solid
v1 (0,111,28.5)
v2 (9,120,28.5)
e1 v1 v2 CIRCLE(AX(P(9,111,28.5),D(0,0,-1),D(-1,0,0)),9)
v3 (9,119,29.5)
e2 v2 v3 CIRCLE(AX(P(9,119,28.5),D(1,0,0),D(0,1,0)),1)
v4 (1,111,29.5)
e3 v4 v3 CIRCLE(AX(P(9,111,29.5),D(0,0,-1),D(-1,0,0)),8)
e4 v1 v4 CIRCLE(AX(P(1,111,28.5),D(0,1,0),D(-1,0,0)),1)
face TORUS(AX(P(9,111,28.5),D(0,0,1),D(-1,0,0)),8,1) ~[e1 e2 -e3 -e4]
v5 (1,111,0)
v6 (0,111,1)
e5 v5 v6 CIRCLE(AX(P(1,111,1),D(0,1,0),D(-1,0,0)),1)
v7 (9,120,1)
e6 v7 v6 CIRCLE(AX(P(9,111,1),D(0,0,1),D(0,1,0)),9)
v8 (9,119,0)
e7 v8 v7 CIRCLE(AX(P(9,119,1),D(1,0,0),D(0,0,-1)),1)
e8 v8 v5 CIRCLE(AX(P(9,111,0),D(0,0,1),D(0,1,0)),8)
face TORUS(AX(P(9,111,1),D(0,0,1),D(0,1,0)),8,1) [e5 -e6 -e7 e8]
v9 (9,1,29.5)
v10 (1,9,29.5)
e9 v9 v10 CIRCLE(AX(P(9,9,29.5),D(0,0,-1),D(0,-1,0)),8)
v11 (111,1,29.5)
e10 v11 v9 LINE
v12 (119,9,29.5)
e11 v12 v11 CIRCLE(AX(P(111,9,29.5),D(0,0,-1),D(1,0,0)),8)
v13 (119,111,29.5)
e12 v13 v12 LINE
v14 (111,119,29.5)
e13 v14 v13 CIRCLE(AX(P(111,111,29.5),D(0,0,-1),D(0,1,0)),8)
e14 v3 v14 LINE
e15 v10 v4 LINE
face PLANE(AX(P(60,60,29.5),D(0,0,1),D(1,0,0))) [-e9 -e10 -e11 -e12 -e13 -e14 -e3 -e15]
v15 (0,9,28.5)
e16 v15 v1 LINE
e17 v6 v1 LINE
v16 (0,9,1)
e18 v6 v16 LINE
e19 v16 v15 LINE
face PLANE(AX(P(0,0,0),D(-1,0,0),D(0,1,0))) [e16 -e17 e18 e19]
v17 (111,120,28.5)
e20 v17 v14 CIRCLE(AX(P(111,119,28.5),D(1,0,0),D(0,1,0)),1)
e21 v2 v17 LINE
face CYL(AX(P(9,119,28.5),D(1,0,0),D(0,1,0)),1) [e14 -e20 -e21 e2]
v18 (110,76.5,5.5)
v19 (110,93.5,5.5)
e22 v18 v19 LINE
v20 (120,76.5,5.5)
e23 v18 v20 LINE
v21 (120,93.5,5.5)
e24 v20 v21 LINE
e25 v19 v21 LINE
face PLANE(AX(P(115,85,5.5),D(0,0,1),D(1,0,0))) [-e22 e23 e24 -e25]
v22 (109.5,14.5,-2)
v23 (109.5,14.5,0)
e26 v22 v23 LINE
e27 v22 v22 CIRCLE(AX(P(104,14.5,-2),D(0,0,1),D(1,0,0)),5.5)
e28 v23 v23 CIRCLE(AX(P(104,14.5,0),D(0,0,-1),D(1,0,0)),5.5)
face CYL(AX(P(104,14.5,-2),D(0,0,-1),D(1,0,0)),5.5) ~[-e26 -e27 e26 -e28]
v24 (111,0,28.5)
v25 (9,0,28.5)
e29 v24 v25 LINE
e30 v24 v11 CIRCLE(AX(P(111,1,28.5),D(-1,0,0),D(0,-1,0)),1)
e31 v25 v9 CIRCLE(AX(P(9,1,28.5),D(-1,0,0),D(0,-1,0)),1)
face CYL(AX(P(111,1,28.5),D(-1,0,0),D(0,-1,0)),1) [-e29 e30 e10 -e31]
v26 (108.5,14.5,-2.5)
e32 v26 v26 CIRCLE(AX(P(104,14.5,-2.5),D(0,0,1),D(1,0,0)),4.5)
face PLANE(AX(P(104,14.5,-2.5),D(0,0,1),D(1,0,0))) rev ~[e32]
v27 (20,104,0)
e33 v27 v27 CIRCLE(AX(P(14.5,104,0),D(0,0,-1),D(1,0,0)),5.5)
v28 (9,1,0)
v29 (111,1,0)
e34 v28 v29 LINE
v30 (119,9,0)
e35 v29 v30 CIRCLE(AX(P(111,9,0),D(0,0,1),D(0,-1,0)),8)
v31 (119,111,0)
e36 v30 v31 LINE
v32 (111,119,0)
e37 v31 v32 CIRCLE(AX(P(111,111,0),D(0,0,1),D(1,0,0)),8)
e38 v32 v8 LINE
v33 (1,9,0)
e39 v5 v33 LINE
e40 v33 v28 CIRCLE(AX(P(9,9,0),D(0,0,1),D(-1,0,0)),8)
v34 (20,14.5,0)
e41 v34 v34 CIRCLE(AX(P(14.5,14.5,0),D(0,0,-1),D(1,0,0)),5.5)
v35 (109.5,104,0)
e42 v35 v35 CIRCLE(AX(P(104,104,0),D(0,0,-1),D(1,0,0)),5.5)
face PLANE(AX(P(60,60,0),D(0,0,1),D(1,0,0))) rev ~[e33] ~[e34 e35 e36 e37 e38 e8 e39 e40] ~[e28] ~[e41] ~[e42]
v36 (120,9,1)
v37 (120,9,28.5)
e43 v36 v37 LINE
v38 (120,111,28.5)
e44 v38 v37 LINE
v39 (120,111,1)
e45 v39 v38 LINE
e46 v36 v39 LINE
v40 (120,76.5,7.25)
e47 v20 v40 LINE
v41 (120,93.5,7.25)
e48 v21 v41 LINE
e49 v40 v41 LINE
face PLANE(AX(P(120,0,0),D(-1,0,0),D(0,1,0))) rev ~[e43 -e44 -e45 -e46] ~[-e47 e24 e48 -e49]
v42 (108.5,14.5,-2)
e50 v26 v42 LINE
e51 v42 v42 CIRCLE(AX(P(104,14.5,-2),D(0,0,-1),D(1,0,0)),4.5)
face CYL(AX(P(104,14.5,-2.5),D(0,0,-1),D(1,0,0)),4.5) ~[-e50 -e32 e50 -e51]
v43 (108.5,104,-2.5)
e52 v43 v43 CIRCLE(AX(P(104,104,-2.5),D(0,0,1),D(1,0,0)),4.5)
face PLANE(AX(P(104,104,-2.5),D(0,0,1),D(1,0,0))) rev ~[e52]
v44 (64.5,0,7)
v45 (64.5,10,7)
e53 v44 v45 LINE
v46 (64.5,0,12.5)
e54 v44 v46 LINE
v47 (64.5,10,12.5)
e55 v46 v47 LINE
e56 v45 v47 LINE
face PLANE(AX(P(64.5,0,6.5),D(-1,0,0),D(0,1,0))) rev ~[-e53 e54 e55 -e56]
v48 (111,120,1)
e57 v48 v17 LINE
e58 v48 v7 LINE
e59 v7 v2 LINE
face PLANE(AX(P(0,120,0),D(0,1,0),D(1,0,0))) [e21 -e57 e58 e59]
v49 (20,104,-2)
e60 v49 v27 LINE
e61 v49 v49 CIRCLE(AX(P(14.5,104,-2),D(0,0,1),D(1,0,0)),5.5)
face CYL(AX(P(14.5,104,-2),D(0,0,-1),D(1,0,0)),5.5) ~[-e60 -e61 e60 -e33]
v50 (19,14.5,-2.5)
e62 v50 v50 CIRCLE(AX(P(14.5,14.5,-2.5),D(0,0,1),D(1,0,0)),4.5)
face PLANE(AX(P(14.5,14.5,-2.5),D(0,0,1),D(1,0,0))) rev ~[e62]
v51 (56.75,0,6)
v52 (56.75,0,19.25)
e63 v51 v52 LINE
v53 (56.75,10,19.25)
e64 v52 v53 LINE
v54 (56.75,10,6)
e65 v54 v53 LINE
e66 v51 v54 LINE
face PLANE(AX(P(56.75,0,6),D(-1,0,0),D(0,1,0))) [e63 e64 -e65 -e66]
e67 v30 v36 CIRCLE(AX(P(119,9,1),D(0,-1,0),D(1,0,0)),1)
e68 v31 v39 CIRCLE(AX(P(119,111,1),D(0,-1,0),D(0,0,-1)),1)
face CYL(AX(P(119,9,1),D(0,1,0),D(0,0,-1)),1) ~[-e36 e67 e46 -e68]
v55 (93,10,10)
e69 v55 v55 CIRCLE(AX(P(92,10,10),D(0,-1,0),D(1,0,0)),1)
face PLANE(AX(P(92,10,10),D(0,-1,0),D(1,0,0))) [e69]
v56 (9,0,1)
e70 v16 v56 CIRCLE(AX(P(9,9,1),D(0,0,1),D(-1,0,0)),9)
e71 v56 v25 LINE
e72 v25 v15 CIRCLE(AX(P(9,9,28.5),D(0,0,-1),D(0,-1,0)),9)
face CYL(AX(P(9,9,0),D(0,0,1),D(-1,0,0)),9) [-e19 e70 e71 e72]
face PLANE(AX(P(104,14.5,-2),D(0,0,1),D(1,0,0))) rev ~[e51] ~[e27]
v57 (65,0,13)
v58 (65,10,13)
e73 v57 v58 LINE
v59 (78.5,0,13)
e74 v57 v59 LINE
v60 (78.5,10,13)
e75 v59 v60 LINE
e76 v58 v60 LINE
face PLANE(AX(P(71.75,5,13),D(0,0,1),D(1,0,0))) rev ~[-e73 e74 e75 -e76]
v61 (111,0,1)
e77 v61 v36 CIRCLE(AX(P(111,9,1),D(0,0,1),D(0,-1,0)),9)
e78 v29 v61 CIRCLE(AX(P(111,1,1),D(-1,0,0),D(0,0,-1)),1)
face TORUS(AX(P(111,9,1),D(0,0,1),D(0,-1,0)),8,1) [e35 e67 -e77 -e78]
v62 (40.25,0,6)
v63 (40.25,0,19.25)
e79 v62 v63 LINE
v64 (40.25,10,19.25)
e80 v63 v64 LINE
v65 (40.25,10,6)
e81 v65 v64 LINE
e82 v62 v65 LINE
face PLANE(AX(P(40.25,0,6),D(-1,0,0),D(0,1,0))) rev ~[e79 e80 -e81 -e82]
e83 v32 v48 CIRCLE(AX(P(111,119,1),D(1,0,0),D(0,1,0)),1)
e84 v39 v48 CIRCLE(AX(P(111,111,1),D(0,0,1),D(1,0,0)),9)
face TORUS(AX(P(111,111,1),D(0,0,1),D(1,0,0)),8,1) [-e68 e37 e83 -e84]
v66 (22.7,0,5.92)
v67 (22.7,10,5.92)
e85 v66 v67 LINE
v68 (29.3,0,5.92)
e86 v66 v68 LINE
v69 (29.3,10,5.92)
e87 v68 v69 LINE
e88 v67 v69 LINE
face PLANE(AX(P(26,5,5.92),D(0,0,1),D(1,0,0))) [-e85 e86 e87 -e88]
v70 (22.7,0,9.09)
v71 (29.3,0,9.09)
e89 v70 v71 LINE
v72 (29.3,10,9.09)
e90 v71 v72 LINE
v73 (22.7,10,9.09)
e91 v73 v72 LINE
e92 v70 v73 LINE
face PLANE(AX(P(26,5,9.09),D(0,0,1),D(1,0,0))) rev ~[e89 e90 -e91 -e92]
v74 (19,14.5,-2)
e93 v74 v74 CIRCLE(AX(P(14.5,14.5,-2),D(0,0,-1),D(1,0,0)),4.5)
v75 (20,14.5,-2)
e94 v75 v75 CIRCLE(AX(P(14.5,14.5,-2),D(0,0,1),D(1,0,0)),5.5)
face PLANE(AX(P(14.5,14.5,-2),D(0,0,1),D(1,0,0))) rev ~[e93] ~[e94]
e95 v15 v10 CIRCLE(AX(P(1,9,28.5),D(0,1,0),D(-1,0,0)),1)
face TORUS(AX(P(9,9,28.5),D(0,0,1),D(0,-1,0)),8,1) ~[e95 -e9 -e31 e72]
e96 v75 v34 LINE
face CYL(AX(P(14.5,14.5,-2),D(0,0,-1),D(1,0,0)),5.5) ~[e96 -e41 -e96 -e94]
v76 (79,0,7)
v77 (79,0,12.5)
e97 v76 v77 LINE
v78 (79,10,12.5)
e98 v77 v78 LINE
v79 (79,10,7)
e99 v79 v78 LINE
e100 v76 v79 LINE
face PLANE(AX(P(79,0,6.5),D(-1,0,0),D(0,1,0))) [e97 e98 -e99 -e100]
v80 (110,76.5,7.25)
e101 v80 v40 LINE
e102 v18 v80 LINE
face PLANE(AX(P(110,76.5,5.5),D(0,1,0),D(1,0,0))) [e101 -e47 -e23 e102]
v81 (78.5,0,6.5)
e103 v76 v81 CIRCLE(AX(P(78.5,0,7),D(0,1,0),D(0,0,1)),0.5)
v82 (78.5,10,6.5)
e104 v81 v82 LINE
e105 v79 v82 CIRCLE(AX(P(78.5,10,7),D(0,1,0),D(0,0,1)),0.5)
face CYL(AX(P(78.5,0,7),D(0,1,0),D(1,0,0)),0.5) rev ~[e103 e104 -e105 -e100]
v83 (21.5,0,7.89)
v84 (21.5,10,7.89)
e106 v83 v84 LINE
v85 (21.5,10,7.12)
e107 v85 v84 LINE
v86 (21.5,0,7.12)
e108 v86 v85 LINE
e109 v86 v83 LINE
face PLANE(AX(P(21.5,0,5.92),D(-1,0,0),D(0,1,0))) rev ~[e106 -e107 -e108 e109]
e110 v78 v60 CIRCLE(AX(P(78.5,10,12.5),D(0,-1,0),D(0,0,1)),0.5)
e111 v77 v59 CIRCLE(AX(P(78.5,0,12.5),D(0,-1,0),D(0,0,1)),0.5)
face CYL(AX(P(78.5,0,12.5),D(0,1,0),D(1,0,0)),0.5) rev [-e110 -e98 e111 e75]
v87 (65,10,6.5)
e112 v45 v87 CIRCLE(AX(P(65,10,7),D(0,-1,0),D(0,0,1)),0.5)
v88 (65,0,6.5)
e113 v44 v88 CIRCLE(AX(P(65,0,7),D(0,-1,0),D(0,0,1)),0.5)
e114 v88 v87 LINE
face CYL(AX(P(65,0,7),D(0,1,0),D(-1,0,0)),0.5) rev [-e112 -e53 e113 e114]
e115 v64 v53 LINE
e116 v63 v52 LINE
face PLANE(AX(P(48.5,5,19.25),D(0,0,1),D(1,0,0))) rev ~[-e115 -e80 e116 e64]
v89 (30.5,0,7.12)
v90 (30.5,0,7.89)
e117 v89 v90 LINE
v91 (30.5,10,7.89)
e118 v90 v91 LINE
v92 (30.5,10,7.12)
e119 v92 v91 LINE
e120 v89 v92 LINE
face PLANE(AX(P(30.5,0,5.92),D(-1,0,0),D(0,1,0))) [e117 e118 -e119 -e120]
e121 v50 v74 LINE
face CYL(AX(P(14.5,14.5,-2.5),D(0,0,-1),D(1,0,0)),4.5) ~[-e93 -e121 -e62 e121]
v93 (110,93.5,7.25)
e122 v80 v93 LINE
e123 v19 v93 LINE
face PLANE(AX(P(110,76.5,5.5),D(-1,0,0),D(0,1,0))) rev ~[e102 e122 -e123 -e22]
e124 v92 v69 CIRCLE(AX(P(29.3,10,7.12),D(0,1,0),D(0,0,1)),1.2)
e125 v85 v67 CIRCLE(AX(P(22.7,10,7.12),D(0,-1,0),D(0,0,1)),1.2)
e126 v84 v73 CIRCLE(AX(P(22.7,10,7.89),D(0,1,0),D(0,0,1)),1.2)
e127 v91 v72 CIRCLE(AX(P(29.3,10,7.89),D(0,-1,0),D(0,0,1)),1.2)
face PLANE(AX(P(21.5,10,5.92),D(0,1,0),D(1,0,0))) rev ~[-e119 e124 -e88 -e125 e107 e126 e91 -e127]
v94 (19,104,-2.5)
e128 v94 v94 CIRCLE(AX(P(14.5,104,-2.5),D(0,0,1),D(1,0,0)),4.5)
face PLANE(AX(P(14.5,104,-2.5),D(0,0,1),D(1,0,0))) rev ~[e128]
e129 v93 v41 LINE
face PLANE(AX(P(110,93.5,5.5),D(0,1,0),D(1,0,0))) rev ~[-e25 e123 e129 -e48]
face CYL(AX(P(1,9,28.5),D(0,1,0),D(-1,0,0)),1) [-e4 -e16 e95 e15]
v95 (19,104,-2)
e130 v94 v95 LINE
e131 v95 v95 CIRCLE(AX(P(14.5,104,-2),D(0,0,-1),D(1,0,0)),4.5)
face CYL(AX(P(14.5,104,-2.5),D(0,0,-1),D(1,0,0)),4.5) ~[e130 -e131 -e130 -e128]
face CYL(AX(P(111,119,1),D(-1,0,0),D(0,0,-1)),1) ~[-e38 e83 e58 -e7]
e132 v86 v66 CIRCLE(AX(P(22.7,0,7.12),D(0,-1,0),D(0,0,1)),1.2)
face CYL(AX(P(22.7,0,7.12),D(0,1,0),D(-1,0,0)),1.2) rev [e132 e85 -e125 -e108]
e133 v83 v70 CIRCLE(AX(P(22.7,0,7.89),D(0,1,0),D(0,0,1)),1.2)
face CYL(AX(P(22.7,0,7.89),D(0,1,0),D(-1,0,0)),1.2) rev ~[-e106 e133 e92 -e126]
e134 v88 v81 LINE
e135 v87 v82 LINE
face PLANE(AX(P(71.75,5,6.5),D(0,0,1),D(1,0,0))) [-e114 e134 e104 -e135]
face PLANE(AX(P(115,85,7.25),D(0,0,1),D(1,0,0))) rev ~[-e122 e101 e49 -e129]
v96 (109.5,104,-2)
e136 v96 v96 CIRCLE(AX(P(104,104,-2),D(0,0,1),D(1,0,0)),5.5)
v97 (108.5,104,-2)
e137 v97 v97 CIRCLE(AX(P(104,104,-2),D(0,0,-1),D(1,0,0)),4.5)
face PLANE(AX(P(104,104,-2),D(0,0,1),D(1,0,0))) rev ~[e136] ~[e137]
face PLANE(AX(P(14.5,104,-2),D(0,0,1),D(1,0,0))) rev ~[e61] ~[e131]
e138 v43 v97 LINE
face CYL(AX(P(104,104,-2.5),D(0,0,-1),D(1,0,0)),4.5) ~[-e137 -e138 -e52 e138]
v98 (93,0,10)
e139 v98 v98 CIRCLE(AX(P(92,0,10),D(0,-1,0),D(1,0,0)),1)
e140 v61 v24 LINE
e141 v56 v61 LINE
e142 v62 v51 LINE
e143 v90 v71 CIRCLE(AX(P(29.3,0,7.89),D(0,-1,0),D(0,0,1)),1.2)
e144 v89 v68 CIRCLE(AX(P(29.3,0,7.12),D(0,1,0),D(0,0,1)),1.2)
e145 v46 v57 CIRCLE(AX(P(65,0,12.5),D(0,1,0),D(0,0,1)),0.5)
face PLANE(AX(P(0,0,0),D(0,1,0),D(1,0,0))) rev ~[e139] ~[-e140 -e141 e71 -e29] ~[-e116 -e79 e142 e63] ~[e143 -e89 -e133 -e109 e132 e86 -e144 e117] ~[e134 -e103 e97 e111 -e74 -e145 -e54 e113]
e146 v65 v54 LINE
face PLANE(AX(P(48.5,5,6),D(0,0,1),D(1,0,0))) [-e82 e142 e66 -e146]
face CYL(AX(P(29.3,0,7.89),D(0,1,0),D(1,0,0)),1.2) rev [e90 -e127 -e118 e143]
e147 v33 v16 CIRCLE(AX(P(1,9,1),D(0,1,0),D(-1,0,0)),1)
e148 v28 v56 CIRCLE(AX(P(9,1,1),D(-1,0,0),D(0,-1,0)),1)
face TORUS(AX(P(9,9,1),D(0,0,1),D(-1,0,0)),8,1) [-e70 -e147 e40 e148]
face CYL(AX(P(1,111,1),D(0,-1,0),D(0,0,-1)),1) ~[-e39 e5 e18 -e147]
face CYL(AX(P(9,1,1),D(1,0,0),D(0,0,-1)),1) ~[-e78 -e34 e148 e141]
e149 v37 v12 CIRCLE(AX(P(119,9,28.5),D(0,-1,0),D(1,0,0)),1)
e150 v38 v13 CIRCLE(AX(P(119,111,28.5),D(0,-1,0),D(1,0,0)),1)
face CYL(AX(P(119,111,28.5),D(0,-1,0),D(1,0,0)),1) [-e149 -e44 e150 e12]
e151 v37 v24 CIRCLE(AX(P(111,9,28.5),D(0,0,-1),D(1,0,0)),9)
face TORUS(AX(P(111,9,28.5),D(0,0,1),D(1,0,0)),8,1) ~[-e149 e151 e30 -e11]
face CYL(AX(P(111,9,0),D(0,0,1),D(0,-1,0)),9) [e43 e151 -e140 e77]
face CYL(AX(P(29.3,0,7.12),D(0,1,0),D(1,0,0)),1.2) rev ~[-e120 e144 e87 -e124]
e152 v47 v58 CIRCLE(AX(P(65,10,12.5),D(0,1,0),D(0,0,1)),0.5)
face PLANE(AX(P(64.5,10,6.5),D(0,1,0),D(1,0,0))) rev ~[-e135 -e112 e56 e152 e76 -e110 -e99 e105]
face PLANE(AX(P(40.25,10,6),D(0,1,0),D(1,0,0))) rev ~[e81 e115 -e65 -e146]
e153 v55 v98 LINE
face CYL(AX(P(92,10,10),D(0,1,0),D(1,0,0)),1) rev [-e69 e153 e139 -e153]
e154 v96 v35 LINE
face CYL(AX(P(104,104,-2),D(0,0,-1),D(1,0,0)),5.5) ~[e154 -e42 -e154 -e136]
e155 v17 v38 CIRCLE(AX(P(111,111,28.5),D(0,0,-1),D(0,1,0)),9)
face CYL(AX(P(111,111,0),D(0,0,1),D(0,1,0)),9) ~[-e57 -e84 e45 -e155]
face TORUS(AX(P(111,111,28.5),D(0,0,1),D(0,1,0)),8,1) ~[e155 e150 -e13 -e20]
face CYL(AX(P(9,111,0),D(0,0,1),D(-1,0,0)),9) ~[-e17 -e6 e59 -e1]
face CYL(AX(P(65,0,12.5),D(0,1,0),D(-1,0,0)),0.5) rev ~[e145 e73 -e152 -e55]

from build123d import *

# Parameters (mm, degrees)
CYLINDER012_R     = 4.5
CYLINDER012_DEPTH = 10
CYLINDER011_R     = 5.5
CYLINDER011_DEPTH = 10
CYLINDER014_R     = 4.5
CYLINDER014_DEPTH = 10
CYLINDER013_R     = 5.5
CYLINDER013_DEPTH = 10
CYLINDER016_R     = 4.5
CYLINDER016_DEPTH = 10
CYLINDER015_R     = 5.5
CYLINDER015_DEPTH = 10
CYLINDER018_R     = 4.5
CYLINDER018_DEPTH = 10
CYLINDER017_R     = 5.5
CYLINDER017_DEPTH = 10
BOX023_W          = 10
BOX023_H          = 17
BOX023_DEPTH      = 1.75
CYLINDER010_R     = 1
CYLINDER010_DEPTH = 10
BOX022_W          = 14.5
BOX022_H          = 10
BOX022_DEPTH      = 6.5
FILLET009_R       = 0.5
BOX021_W          = 16.5
BOX021_H          = 10
BOX021_DEPTH      = 13.25
BOX020_W          = 9
BOX020_H          = 10
BOX020_DEPTH      = 3.17
FILLET008_R       = 1.2
BOX019_W          = 120
BOX019_H          = 120
BOX019_DEPTH      = 29.5
FILLET010_R       = 9
FILLET011_R       = 1


with BuildPart() as cylinder012:
    # Cylinder012 → Cylinder012 (new body)
    with BuildSketch(Plane(origin=(14.5, 14.5, -2.5), x_dir=(1, 0, 0), z_dir=(0, 0, 1))):
        Circle(CYLINDER012_R)
    extrude(amount=CYLINDER012_DEPTH)


with BuildPart() as base_pad001:
    # Cylinder011 → Cylinder011 (new body)
    with BuildSketch(Plane(origin=(14.5, 14.5, -2), x_dir=(1, 0, 0), z_dir=(0, 0, 1))):
        Circle(CYLINDER011_R)
    extrude(amount=CYLINDER011_DEPTH)

    # Fusion008: union Cylinder012
    add(cylinder012.part)


with BuildPart() as cylinder014:
    # Cylinder014 → Cylinder014 (new body)
    with BuildSketch(Plane(origin=(14.5, 14.5, -2.5), x_dir=(1, 0, 0), z_dir=(0, 0, 1))):
        Circle(CYLINDER014_R)
    extrude(amount=CYLINDER014_DEPTH)


with BuildPart() as base_pad002:
    # Cylinder013 → Cylinder013 (new body)
    with BuildSketch(Plane(origin=(14.5, 14.5, -2), x_dir=(1, 0, 0), z_dir=(0, 0, 1))):
        Circle(CYLINDER013_R)
    extrude(amount=CYLINDER013_DEPTH)

    # Fusion009: union Cylinder014
    add(cylinder014.part)


with BuildPart() as base_pad002_1:
    # Fusion009 placement: moved
    add(base_pad002.part.moved(Location((0, 89.5, 0))))


with BuildPart() as cylinder016:
    # Cylinder016 → Cylinder016 (new body)
    with BuildSketch(Plane(origin=(14.5, 14.5, -2.5), x_dir=(1, 0, 0), z_dir=(0, 0, 1))):
        Circle(CYLINDER016_R)
    extrude(amount=CYLINDER016_DEPTH)


with BuildPart() as base_pad003:
    # Cylinder015 → Cylinder015 (new body)
    with BuildSketch(Plane(origin=(14.5, 14.5, -2), x_dir=(1, 0, 0), z_dir=(0, 0, 1))):
        Circle(CYLINDER015_R)
    extrude(amount=CYLINDER015_DEPTH)

    # Fusion002: union Cylinder016
    add(cylinder016.part)


with BuildPart() as base_pad003_1:
    # Fusion002 placement: moved
    add(base_pad003.part.moved(Location((89.5, 0, 0))))


with BuildPart() as cylinder018:
    # Cylinder018 → Cylinder018 (new body)
    with BuildSketch(Plane(origin=(14.5, 14.5, -2.5), x_dir=(1, 0, 0), z_dir=(0, 0, 1))):
        Circle(CYLINDER018_R)
    extrude(amount=CYLINDER018_DEPTH)


with BuildPart() as base_pad004:
    # Cylinder017 → Cylinder017 (new body)
    with BuildSketch(Plane(origin=(14.5, 14.5, -2), x_dir=(1, 0, 0), z_dir=(0, 0, 1))):
        Circle(CYLINDER017_R)
    extrude(amount=CYLINDER017_DEPTH)

    # Fusion010: union Cylinder018
    add(cylinder018.part)


with BuildPart() as base_pad004_1:
    # Fusion010 placement: moved
    add(base_pad004.part.moved(Location((89.5, 89.5, 0))))


with BuildPart() as cube018:
    # Box023 → Box023 (new body)
    with BuildSketch(Plane(origin=(110, 76.5, 5.5), x_dir=(1, 0, 0), z_dir=(0, 0, 1))):
        with Locations((5, 8.5)):
            Rectangle(BOX023_W, BOX023_H)
    extrude(amount=BOX023_DEPTH)


with BuildPart() as cylinder010:
    # Cylinder010 → Cylinder010 (new body)
    with BuildSketch(Plane(origin=(92, 10, 10), x_dir=(1, 0, 0), z_dir=(0, -1, 0))):
        Circle(CYLINDER010_R)
    extrude(amount=CYLINDER010_DEPTH)


with BuildPart() as usb_hole:
    # Box022 → Box022 (new body)
    with BuildSketch(Plane.XY):
        with Locations((7.25, 5)):
            Rectangle(BOX022_W, BOX022_H)
    extrude(amount=BOX022_DEPTH)

    # Fillet009
    fillet009_edges = [usb_hole.edges().sort_by_distance(p)[0] for p in [
        (0, 5, 6.5),
        (0, 5, 0),
        (14.5, 5, 6.5),
        (14.5, 5, 0),
    ]]
    fillet(fillet009_edges, radius=FILLET009_R)


with BuildPart() as usb_hole_1:
    # Fillet009 placement: moved
    add(usb_hole.part.moved(Location((64.5, 0, 6.5))))


with BuildPart() as cube016:
    # Box021 → Box021 (new body)
    with BuildSketch(Plane(origin=(40.25, 0, 6), x_dir=(1, 0, 0), z_dir=(0, 0, 1))):
        with Locations((8.25, 5)):
            Rectangle(BOX021_W, BOX021_H)
    extrude(amount=BOX021_DEPTH)


with BuildPart() as fillet008:
    # Box020 → Box020 (new body)
    with BuildSketch(Plane(origin=(21.5, -6, 5.92), x_dir=(1, 0, 0), z_dir=(0, 0, 1))):
        with Locations((4.5, 5)):
            Rectangle(BOX020_W, BOX020_H)
    extrude(amount=BOX020_DEPTH)

    # Fillet008
    fillet008_edges = [fillet008.edges().sort_by_distance(p)[0] for p in [
        (21.5, -1, 9.09),
        (21.5, -1, 5.92),
        (30.5, -1, 9.09),
        (30.5, -1, 5.92),
    ]]
    fillet(fillet008_edges, radius=FILLET008_R)


with BuildPart() as fillet008_1:
    # Fillet008 placement: moved
    add(fillet008.part.moved(Location((0, 6, 0))))


with BuildPart() as gateway_box:
    # Box019 → Box019 (new body)
    with BuildSketch(Plane.XY):
        with Locations((60, 60)):
            Rectangle(BOX019_W, BOX019_H)
    extrude(amount=BOX019_DEPTH)

    # Cut012: cut Fillet008
    add(fillet008_1.part, mode=Mode.SUBTRACT)

    # Cut013: cut Cube016
    add(cube016.part, mode=Mode.SUBTRACT)

    # Cut014: cut USB_Hole
    add(usb_hole_1.part, mode=Mode.SUBTRACT)

    # Cut015: cut Cylinder010
    add(cylinder010.part, mode=Mode.SUBTRACT)

    # Cut016: cut Cube018
    add(cube018.part, mode=Mode.SUBTRACT)

    # Fillet010
    fillet010_edges = [gateway_box.edges().sort_by_distance(p)[0] for p in [
        (0, 0, 14.75),
        (0, 120, 14.75),
        (120, 0, 14.75),
        (120, 120, 14.75),
    ]]
    fillet(fillet010_edges, radius=FILLET010_R)

    # Fusion004: union base_pad001, base_pad002, base_pad003, base_pad004
    add(base_pad001.part)
    add(base_pad002_1.part)
    add(base_pad003_1.part)
    add(base_pad004_1.part)

    # Fillet011
    fillet011_edges = [gateway_box.edges().sort_by_distance(p)[0] for p in [
        (0, 60, 29.5),
        (0, 111, 14.75),
        (2.636039, 2.636039, 29.5),
        (2.636039, 117.363961, 29.5),
        (60, 0, 29.5),
        (60, 120, 29.5),
        (117.363961, 2.636039, 29.5),
        (117.363961, 117.363961, 29.5),
        (120, 60, 29.5),
        (2.636039, 2.636039, 0),
        (2.636039, 117.363961, 0),
        (9, 120, 14.75),
        (60, 0, 0),
        (60, 120, 0),
        (117.363961, 2.636039, 0),
        (117.363961, 117.363961, 0),
    ]]
    fillet(fillet011_edges, radius=FILLET011_R)


solid = gateway_box.part
